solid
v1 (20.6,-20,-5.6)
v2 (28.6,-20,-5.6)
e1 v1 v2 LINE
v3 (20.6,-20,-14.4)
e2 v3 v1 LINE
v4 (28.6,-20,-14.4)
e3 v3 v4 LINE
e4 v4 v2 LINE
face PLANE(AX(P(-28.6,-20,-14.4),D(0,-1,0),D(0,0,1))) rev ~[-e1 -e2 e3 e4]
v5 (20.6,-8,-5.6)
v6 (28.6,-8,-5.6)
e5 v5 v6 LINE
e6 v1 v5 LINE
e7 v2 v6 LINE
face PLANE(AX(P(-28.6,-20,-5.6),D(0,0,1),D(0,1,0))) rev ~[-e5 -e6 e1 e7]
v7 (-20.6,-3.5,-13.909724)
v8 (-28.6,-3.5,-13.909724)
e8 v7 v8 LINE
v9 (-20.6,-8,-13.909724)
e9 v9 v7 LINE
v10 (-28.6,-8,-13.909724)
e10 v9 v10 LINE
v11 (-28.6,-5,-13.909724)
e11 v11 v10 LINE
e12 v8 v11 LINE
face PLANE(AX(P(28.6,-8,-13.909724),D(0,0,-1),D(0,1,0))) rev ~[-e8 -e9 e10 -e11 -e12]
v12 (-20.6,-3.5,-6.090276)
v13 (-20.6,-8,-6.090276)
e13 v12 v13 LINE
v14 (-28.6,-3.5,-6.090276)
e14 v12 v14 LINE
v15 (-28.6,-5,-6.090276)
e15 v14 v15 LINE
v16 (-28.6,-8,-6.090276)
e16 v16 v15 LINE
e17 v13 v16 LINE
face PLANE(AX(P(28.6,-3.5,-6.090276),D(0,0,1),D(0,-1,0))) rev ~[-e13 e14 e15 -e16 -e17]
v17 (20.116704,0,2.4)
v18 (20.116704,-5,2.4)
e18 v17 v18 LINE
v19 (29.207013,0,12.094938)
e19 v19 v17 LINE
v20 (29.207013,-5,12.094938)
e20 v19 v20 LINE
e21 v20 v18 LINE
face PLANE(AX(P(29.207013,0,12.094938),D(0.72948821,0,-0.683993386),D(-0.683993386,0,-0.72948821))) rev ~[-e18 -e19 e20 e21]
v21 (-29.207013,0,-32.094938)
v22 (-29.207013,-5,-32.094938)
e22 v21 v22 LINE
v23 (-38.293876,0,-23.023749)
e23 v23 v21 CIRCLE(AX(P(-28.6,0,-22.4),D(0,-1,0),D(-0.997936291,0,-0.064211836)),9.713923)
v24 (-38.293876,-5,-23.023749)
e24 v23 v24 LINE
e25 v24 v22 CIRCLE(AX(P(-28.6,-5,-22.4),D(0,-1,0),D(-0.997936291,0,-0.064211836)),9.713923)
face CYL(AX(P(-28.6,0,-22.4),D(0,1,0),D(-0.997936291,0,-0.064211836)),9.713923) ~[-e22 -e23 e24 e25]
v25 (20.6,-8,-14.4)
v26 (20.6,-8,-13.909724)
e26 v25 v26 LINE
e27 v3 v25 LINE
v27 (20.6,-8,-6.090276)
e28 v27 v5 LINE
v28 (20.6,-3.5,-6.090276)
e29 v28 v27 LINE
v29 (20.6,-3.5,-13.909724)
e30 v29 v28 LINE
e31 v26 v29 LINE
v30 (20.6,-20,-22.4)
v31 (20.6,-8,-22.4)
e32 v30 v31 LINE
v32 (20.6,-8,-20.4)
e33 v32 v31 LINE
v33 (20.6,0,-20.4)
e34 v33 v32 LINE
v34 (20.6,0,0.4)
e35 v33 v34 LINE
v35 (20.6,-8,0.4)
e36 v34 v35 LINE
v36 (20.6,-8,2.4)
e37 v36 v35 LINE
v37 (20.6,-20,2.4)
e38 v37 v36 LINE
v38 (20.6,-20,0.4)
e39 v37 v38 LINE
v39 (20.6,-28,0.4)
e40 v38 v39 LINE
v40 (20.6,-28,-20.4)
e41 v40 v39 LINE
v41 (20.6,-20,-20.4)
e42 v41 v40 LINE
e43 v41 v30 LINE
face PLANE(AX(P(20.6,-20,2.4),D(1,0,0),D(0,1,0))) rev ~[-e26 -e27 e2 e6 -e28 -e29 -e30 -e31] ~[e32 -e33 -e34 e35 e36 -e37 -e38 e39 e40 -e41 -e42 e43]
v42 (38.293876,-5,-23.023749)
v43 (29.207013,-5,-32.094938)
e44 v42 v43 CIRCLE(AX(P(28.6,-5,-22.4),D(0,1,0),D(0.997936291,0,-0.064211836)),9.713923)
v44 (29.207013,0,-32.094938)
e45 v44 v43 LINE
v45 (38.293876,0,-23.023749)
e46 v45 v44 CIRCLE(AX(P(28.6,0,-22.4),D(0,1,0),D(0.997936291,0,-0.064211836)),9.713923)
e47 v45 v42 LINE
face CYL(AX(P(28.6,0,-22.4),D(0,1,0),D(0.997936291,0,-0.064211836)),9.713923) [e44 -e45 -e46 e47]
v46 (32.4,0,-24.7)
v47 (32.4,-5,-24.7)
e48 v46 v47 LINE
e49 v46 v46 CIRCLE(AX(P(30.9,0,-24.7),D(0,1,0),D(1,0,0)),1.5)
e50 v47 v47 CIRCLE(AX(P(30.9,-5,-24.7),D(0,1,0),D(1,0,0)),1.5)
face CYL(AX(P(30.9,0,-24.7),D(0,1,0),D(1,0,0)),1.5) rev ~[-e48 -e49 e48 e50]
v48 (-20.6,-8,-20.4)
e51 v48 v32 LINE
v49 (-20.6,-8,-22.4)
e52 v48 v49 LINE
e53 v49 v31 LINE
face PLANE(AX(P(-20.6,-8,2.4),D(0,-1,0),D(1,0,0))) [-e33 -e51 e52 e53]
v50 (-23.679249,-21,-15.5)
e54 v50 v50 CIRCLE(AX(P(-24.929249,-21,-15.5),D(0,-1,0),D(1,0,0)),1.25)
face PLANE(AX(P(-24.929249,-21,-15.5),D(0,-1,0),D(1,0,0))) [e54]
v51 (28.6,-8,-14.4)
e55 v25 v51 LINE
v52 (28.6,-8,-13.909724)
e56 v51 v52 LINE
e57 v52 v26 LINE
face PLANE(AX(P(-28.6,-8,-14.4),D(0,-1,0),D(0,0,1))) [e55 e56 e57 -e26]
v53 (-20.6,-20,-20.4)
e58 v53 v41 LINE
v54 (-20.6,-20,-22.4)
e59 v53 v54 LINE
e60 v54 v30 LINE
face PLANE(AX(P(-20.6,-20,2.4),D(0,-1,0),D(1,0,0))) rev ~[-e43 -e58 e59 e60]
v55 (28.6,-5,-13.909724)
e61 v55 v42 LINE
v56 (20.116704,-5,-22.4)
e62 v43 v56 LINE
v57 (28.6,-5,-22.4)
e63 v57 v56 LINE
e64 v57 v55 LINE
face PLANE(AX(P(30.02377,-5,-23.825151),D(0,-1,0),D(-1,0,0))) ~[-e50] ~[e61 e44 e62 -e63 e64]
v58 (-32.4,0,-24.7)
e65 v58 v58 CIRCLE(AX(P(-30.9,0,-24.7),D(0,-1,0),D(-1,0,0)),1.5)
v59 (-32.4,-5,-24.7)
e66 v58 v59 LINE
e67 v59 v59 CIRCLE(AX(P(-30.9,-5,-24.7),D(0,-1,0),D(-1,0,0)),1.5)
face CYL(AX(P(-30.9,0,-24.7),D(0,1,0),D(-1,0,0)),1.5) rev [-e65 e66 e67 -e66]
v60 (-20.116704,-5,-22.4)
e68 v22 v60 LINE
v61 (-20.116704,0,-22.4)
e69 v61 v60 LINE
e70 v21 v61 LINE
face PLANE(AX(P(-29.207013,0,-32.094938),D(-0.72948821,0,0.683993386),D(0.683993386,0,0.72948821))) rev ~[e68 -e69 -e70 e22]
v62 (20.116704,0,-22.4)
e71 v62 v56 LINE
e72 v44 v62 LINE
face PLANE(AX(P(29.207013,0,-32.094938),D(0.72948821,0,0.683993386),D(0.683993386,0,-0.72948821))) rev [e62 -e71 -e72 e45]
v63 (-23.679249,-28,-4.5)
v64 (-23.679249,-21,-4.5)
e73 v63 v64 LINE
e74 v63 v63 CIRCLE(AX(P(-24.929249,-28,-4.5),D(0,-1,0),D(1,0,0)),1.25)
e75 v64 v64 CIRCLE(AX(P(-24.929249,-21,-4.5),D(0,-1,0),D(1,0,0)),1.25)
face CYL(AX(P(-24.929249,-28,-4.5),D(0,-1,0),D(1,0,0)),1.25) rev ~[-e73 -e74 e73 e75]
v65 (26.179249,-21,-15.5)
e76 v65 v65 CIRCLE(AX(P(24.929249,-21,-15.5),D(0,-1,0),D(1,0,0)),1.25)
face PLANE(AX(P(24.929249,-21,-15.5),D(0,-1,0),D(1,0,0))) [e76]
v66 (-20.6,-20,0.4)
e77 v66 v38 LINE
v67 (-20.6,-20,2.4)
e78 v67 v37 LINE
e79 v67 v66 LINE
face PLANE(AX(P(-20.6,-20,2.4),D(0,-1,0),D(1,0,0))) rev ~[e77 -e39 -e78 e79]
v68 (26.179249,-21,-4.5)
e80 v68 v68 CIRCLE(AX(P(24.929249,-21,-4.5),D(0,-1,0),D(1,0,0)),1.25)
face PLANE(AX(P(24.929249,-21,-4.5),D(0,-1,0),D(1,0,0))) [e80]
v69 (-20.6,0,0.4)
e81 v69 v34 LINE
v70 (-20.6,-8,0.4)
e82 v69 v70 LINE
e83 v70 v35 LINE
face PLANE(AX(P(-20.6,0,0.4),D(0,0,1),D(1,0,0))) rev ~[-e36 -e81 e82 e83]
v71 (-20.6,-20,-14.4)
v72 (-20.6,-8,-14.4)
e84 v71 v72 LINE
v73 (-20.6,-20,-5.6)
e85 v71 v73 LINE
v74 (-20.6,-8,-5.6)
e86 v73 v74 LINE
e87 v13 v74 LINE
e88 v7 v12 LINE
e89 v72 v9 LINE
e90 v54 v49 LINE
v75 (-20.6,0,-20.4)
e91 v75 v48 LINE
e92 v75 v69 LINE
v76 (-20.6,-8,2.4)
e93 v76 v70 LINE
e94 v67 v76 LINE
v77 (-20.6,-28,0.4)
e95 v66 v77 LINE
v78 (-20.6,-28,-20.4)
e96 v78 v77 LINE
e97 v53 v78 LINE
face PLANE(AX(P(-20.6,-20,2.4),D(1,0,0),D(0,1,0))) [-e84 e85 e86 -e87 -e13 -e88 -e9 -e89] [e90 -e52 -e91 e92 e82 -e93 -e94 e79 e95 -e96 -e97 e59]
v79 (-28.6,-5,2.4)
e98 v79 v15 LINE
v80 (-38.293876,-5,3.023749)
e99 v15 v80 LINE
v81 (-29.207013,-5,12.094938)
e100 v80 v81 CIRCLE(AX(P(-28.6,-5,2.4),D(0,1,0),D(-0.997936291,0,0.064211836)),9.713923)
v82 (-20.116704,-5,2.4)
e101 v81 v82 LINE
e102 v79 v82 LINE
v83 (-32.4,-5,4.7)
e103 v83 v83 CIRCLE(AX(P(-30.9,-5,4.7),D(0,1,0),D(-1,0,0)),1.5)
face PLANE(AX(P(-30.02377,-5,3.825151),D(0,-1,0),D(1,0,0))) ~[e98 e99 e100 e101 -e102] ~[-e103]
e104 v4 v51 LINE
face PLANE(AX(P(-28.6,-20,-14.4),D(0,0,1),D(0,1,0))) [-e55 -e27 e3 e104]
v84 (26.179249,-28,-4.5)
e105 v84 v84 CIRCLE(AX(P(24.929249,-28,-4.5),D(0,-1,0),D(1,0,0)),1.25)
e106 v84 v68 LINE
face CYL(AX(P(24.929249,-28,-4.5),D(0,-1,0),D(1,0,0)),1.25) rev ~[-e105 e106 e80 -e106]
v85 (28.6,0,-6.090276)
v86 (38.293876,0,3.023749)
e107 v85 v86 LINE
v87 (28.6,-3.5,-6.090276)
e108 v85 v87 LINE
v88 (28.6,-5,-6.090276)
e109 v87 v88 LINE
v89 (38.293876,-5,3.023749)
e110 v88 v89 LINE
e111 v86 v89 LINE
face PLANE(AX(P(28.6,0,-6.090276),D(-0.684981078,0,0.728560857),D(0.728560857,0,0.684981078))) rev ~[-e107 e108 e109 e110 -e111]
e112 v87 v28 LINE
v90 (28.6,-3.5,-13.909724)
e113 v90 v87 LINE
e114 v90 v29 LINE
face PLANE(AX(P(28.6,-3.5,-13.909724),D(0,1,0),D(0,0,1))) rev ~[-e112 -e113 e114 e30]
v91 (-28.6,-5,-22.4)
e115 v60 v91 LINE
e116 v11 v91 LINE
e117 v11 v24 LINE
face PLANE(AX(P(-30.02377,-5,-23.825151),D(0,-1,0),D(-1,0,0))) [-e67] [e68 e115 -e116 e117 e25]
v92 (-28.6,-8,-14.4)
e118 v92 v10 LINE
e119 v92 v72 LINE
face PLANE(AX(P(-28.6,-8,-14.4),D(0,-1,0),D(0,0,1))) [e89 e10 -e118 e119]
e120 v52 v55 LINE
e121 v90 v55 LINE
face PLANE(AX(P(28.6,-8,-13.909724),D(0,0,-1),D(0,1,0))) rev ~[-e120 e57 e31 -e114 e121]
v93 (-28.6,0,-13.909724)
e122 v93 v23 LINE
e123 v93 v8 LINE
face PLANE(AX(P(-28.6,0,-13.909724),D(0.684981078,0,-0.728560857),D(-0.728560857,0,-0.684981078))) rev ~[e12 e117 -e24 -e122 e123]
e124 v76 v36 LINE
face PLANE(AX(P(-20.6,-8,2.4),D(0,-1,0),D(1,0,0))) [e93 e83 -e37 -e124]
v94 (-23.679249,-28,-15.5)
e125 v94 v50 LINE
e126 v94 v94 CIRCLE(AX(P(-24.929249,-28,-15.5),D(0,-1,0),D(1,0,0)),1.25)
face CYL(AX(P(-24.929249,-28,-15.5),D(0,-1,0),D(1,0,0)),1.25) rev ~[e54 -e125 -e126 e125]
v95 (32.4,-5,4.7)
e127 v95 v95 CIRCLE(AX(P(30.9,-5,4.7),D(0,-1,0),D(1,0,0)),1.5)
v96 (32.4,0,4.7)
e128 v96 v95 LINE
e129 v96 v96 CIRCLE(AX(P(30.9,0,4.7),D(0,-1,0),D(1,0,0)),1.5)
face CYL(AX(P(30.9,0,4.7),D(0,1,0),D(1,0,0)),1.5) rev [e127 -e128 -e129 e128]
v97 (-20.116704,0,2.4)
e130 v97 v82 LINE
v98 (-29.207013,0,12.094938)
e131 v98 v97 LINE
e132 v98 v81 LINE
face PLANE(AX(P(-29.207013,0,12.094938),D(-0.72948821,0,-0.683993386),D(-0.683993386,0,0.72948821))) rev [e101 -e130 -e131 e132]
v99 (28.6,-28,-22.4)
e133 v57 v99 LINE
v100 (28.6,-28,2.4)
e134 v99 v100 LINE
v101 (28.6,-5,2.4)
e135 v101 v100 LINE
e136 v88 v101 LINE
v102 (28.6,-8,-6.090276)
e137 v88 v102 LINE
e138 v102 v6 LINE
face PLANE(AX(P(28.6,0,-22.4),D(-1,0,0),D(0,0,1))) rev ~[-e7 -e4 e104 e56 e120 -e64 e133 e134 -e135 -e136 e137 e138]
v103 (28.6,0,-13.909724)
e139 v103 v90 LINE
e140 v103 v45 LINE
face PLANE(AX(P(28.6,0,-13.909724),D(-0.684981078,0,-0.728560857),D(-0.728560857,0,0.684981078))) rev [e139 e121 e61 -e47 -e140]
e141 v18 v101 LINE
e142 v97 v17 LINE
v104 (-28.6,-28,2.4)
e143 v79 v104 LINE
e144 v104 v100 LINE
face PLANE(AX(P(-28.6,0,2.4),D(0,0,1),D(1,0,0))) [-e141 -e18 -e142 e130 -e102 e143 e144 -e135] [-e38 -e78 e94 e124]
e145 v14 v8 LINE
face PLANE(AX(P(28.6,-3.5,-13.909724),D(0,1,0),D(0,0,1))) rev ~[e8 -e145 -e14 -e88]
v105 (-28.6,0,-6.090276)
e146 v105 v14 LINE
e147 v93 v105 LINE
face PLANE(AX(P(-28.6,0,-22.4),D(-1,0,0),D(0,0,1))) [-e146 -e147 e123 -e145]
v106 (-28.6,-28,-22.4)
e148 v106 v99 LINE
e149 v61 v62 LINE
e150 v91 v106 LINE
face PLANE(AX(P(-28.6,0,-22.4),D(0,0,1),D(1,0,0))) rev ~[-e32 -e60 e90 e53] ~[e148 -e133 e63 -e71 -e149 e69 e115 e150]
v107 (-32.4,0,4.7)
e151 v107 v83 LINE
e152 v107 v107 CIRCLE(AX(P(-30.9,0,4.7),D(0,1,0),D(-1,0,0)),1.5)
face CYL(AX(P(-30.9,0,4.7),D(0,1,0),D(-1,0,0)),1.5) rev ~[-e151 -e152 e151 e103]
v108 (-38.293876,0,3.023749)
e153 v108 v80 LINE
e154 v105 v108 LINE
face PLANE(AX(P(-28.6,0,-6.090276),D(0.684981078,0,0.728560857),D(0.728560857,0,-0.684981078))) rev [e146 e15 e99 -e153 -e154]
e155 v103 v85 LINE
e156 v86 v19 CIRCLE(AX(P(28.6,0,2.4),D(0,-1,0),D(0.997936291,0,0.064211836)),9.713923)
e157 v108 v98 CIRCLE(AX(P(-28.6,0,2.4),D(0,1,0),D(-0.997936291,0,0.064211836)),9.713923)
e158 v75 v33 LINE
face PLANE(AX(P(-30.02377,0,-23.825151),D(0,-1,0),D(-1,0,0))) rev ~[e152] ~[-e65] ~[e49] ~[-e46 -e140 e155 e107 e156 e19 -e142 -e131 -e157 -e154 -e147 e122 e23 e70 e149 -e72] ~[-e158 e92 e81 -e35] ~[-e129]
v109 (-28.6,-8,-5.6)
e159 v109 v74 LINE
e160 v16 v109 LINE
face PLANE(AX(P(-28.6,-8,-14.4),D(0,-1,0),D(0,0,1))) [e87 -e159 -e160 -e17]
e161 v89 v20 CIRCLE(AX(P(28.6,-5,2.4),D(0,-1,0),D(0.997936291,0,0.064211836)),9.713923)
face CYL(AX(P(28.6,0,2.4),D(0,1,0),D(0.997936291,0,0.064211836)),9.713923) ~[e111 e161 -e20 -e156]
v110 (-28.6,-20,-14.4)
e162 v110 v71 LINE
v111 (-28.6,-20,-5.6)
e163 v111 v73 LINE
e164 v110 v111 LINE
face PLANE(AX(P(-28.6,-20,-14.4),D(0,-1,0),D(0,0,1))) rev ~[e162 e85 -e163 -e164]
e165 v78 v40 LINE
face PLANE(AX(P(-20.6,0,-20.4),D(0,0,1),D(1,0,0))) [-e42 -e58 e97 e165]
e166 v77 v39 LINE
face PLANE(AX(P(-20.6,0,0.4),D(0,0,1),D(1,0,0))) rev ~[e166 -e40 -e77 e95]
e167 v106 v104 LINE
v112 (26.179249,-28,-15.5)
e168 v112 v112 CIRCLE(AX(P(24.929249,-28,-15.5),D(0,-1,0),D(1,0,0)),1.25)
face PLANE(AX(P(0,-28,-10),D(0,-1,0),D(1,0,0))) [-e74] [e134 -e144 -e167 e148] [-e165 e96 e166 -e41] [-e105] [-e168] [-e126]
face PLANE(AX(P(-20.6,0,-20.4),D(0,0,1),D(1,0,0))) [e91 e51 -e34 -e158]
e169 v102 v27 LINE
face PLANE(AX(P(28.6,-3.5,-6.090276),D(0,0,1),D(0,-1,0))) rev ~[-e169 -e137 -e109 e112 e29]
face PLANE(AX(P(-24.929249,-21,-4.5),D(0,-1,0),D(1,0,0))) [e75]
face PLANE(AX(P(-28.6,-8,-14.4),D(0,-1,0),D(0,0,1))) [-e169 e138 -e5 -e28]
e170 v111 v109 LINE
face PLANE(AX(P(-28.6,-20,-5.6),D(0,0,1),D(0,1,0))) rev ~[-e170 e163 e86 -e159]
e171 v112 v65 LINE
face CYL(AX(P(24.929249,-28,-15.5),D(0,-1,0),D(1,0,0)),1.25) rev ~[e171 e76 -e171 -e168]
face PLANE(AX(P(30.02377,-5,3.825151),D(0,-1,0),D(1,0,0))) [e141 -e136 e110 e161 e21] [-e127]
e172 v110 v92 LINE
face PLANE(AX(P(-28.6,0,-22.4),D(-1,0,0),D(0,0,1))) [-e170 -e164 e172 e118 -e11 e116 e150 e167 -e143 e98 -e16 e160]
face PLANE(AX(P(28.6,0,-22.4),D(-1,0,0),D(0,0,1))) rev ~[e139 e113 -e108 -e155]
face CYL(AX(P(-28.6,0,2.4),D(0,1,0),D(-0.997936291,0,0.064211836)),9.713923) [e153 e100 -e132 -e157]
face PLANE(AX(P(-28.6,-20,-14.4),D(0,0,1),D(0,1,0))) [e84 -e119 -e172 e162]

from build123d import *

# Parameters (mm, degrees)
SKETCH2_W               = 57.2
SKETCH2_H               = 24.8
SKETCH2_W_2             = 41.2
SKETCH2_H_2             = 20.8
BOSS_EXTRUDE2_DEPTH     = 28
SKETCH4_W               = 8.8
SKETCH4_H               = 12
CUT_EXTRUDE1_DEPTH      = 73
SKETCH5_W               = 41.2
SKETCH5_H               = 12
CUT_EXTRUDE2_DEPTH      = 28
SKETCH6_R               = 1.25
CUT_EXTRUDE3_DEPTH      = 7
SKETCH7_R               = 1.5
BOSS_EXTRUDE3_DEPTH     = 5
MIRROR2_COPY_1_SKETCH_R = 1.5
MIRROR2_COPY_1_DEPTH    = 5
BOSS_EXTRUDE4_START     = -5
BOSS_EXTRUDE4_DEPTH     = 5
MIRROR4_START           = -5
MIRROR4_COPY_1_DEPTH    = 5
CUT_EXTRUDE4_DEPTH      = 80.302431776


with BuildPart() as part:
    # Sketch2 → Boss-Extrude2 (new body)
    with BuildSketch(Plane.XZ):
        with Locations((0, -10)):
            Rectangle(SKETCH2_W, SKETCH2_H)
        with Locations((0, -10)):
            Rectangle(SKETCH2_W_2, SKETCH2_H_2, mode=Mode.SUBTRACT)
    extrude(amount=BOSS_EXTRUDE2_DEPTH)

    # Sketch4 → Cut-Extrude1 (cut)
    with BuildSketch(Plane.ZY.offset(28.6)):
        with Locations((-10, -14)):
            Rectangle(SKETCH4_W, SKETCH4_H)
    extrude(amount=-CUT_EXTRUDE1_DEPTH, mode=Mode.SUBTRACT)

    # Sketch5 → Cut-Extrude2 (cut)
    with BuildSketch(Plane.XY.offset(2.4)):
        with Locations((0, -14)):
            Rectangle(SKETCH5_W, SKETCH5_H)
    extrude(amount=-CUT_EXTRUDE2_DEPTH, mode=Mode.SUBTRACT)

    # Sketch6 → Cut-Extrude3 (cut)
    with BuildSketch(Plane.XZ.offset(28)):
        with Locations((-24.929249083, -15.5)):
            Circle(SKETCH6_R)
        with Locations((-24.929249083, -4.5)):
            Circle(SKETCH6_R)
        with Locations((24.929249083, -15.5)):
            Circle(SKETCH6_R)
        with Locations((24.929249083, -4.5)):
            Circle(SKETCH6_R)
    extrude(amount=-CUT_EXTRUDE3_DEPTH, mode=Mode.SUBTRACT)

    # Sketch7 → Boss-Extrude3 (add)
    with BuildSketch(Plane(origin=(0, 0, 0), x_dir=(1, 0, 0), z_dir=(0, 1, 0))):
        with BuildLine():
            Line((-28.6, -2.4), (-28.6, 0.6))
            Line((-28.6, 0.6), (-33.943490451, -4.423862881))
            ThreePointArc((-33.943490451, -4.423862881), (-32.636549964, -6.444153255), (-30.613803719, -7.74728957))
            Line((-30.613803719, -7.74728957), (-25.6, -2.4))
            Line((-25.6, -2.4), (-28.6, -2.4))
        make_face()
        with Locations(Location((-30.9, -4.7, 0), (0, 0, 180))):
            Circle(SKETCH7_R, mode=Mode.SUBTRACT)
    boss_extrude3 = extrude(amount=-BOSS_EXTRUDE3_DEPTH)

    # Mirror1: Boss-Extrude3 across plane
    add(boss_extrude3.mirror(Plane.ZY))

    # Mirror2: Boss-Extrude3 across plane
    add(boss_extrude3.mirror(Plane.XY.offset(-10)))

    # Mirror2 copy 1 sketch → Mirror2 copy 1 (add)
    with BuildSketch(Plane(origin=(0, 0, -20), x_dir=(-1, 0, 0), z_dir=(0, 1, 0))):
        with BuildLine():
            Line((-28.6, -2.4), (-28.6, 0.6))
            Line((-28.6, 0.6), (-33.943490451, -4.423862881))
            ThreePointArc((-33.943490451, -4.423862881), (-32.636549964, -6.444153255), (-30.613803719, -7.74728957))
            Line((-30.613803719, -7.74728957), (-25.6, -2.4))
            Line((-25.6, -2.4), (-28.6, -2.4))
        make_face()
        with Locations(Location((-30.9, -4.7, 0), (0, 0, 180))):
            Circle(MIRROR2_COPY_1_SKETCH_R, mode=Mode.SUBTRACT)
    extrude(amount=-MIRROR2_COPY_1_DEPTH)

    # Sketch8 → Boss-Extrude4 (add)
    with BuildSketch(Plane.XZ.offset(5).offset(BOSS_EXTRUDE4_START)):
        with BuildLine():
            Line((28.6, -0.6), (28.6, -6.090275739))
            Line((28.6, -6.090275739), (38.293875859, 3.023748801))
            ThreePointArc((38.293875859, 3.023748801), (35.462849129, 9.2747068), (29.207013206, 12.0949382))
            Line((29.207013206, 12.0949382), (20.116703701, 2.4))
            Line((20.116703701, 2.4), (25.6, 2.4))
            Line((25.6, 2.4), (30.613803719, 7.74728957))
            ThreePointArc((30.613803719, 7.74728957), (32.636549964, 6.444153255), (33.943490451, 4.423862881))
            Line((33.943490451, 4.423862881), (28.6, -0.6))
        make_face()
    boss_extrude4 = extrude(amount=BOSS_EXTRUDE4_DEPTH)

    # Mirror3: Boss-Extrude4 across plane
    add(boss_extrude4.mirror(Plane(origin=(0, 0, -10), x_dir=(1, 0, 0), z_dir=(0, 0, -1))))

    # Mirror4: Boss-Extrude4 across plane
    add(boss_extrude4.mirror(Plane.ZY))

    # Mirror4 copy 1 sketch → Mirror4 copy 1 (add)
    with BuildSketch(Plane(origin=(0, -5, -20), x_dir=(-1, 0, 0), z_dir=(0, -1, 0)).offset(MIRROR4_START)):
        with BuildLine():
            Line((28.6, -0.6), (28.6, -6.090275739))
            Line((28.6, -6.090275739), (38.293875859, 3.023748801))
            ThreePointArc((38.293875859, 3.023748801), (35.462849129, 9.2747068), (29.207013206, 12.0949382))
            Line((29.207013206, 12.0949382), (20.116703701, 2.4))
            Line((20.116703701, 2.4), (25.6, 2.4))
            Line((25.6, 2.4), (30.613803719, 7.74728957))
            ThreePointArc((30.613803719, 7.74728957), (32.636549964, 6.444153255), (33.943490451, 4.423862881))
            Line((33.943490451, 4.423862881), (28.6, -0.6))
        make_face()
    extrude(amount=MIRROR4_COPY_1_DEPTH)

    # Sketch10 → Cut-Extrude4 (cut, through all)
    with BuildSketch(Plane(origin=(28.6, 0, 0), x_dir=(0, 0, -1), z_dir=(1, 0, 0))):
        Polygon((13.909724261, -5), (13.909724261, -3.5), (10, -3.5), (6.090275739, -3.5), (6.090275739, -5), (6.090275739, -8), (13.909724261, -8), align=None)
    extrude(amount=-CUT_EXTRUDE4_DEPTH, mode=Mode.SUBTRACT)


solid = part.part
